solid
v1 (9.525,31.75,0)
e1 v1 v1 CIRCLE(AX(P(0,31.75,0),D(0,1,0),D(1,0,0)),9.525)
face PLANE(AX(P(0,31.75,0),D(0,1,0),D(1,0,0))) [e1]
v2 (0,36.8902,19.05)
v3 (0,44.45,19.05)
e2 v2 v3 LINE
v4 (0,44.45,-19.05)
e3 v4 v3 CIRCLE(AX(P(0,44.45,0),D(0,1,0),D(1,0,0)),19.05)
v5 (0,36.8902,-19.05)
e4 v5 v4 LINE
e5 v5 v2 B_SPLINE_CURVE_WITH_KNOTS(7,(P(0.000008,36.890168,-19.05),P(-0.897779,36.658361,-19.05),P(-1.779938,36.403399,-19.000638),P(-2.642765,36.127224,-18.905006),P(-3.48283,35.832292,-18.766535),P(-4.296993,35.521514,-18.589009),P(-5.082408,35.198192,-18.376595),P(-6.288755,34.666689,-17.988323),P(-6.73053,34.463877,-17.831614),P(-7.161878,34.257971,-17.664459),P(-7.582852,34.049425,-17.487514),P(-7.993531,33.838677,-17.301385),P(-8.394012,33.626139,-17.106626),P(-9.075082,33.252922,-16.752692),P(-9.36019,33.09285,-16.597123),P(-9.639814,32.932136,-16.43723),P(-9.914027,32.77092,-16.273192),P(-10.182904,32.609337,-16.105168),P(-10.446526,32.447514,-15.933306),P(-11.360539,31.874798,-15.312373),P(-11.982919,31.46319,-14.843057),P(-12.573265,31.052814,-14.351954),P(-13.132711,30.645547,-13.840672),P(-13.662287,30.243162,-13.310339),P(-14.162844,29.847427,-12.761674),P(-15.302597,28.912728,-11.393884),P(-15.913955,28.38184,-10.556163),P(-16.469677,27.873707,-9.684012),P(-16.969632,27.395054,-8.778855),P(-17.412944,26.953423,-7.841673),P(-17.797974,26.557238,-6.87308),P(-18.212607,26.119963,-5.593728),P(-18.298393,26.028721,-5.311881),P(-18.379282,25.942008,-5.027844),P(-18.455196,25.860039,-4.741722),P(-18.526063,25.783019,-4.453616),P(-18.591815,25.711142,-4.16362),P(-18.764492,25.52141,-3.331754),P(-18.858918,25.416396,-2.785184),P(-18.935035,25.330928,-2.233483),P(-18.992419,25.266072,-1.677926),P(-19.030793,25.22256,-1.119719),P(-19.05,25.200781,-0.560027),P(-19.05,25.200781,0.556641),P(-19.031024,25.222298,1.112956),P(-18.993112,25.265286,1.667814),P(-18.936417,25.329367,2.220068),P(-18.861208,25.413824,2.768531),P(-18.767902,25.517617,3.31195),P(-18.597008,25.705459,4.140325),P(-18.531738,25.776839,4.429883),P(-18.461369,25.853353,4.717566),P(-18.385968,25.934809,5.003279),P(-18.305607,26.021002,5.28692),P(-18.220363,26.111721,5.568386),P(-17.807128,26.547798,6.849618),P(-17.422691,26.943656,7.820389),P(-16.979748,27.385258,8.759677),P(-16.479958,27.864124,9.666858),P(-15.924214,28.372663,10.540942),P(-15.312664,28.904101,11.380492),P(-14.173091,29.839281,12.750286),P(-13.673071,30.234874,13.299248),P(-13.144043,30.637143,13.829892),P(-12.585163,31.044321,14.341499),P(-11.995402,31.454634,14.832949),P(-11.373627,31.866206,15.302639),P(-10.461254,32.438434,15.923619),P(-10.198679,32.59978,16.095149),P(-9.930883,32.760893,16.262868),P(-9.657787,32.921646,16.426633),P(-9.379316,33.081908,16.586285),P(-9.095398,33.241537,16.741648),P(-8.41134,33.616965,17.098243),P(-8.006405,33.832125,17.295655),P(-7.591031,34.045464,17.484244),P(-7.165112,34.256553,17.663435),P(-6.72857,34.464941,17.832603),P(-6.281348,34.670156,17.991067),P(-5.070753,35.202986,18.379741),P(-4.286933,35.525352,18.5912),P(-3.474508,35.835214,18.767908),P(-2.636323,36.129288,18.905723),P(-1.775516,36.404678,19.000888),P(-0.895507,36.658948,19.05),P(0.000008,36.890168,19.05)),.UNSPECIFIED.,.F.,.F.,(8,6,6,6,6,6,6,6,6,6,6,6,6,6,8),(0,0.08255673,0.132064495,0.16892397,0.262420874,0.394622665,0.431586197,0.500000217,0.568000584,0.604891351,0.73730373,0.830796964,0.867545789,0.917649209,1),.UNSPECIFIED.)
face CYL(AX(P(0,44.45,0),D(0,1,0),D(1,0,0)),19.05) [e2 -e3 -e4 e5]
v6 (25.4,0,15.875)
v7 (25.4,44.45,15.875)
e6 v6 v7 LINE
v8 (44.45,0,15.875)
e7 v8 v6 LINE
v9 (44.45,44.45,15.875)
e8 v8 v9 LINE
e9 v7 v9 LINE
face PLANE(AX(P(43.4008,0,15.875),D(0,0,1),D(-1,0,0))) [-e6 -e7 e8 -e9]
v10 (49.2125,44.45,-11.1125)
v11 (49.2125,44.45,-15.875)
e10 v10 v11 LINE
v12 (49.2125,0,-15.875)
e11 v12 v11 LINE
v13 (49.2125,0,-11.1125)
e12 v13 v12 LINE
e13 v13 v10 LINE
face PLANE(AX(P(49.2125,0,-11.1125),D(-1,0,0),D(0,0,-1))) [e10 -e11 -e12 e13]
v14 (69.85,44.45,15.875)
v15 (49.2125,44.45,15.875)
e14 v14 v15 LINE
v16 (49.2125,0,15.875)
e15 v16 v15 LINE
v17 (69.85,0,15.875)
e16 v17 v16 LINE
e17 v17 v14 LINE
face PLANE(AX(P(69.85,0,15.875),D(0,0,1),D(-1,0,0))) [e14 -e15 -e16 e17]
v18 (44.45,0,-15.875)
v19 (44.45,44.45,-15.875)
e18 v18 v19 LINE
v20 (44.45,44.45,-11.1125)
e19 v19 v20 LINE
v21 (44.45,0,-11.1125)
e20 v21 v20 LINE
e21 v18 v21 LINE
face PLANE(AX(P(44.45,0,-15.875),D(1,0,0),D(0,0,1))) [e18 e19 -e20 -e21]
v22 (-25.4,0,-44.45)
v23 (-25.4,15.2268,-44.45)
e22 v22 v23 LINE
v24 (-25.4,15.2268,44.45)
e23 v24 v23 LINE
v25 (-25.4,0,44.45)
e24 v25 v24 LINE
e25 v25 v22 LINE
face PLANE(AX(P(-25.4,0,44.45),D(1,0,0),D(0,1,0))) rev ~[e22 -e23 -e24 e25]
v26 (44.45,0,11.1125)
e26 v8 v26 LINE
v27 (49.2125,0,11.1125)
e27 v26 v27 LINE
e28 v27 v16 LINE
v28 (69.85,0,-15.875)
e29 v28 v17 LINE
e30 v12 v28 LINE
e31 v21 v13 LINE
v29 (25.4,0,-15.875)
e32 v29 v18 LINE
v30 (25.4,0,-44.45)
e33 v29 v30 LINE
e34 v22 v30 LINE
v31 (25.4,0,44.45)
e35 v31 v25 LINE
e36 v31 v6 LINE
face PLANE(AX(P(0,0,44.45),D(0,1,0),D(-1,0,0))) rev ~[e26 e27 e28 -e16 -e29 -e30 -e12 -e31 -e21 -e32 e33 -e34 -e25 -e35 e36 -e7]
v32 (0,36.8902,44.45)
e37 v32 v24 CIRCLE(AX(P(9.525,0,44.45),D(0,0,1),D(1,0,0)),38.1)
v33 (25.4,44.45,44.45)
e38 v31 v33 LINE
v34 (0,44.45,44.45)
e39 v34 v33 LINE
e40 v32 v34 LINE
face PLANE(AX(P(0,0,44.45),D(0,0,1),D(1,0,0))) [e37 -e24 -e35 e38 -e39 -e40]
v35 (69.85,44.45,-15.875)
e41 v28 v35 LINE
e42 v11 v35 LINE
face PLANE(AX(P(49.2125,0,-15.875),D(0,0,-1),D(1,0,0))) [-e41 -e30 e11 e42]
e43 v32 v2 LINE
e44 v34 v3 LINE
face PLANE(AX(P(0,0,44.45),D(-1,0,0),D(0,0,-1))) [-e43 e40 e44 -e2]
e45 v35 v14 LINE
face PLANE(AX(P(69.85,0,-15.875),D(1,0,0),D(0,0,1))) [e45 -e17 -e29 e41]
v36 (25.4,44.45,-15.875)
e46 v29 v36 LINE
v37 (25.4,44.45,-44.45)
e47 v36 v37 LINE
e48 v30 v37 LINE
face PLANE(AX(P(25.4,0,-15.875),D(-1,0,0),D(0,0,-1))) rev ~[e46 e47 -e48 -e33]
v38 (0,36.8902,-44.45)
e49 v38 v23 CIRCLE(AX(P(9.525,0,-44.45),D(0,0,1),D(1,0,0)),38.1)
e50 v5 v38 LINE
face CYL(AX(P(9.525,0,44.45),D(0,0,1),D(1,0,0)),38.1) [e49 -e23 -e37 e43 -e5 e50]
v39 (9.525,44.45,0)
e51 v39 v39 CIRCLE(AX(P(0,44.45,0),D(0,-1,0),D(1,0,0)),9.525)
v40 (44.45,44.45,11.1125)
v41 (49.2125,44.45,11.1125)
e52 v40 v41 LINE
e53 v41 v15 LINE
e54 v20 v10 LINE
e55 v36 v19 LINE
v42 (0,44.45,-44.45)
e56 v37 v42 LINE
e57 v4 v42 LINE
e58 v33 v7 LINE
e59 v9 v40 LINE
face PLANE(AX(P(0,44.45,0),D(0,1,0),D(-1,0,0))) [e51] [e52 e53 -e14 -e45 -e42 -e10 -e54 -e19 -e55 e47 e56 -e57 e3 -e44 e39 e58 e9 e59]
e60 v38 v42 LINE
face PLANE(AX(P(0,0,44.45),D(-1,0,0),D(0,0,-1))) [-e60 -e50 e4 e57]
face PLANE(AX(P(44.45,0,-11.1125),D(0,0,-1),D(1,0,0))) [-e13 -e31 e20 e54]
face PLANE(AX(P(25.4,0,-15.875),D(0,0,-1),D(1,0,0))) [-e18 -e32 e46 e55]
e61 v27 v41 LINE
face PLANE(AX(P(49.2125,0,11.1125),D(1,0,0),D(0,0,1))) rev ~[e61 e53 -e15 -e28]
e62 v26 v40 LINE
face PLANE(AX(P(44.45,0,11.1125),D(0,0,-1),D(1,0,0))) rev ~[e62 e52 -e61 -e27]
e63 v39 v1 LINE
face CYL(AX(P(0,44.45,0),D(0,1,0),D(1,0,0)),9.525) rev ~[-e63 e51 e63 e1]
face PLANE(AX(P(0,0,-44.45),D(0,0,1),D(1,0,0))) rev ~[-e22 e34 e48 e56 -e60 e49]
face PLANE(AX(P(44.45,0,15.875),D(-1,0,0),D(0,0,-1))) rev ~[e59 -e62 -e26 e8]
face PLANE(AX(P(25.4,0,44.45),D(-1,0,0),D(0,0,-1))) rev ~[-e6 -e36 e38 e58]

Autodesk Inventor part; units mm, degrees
ref_plane "YZ Plane" through (0, 0, 0) normal (1, 0, 0) x (0, 1, 0)
ref_plane "XZ Plane" through (0, 0, 0) normal (0, 1, 0) x (-1, 0, 0)
ref_plane "XY Plane" through (0, 0, 0) normal (0, 0, 1) x (1, 0, 0)
sketch "Boceto1" plane through (0, 0, 0) normal (0, 1, 0) x (-1, 0, 0)
  line L0 (25.4, 44.45) -> (-25.4, 44.45)
  line L1 (-25.4, 44.45) -> (-25.4, -44.45)
  line L2 (-25.4, -44.45) -> (25.4, -44.45)
  line L3 (25.4, -44.45) -> (25.4, 44.45)
  line L4 (25.4, 44.45) -> (-25.4, -44.45) construction
  line L5 (-25.4, 44.45) -> (25.4, -44.45) construction
  line L6 (-25.4, -15.875) -> (-69.85, -15.875)
  line L7 (-69.85, -15.875) -> (-69.85, 15.875)
  line L8 (-69.85, 15.875) -> (-25.4, 15.875)
  line L9 (-25.4, 15.875) -> (-25.4, -15.875)
  line L10 (-25.4, 44.45) -> (0, 44.45)
  line L11 (0, 44.45) -> (0, -44.45)
  line L12 (0, -44.45) -> (-25.4, -44.45)
  line L13 (-25.4, -44.45) -> (-25.4, 44.45)
  line L14 (-25.4, 15.875) -> (-43.4008, 15.875)
  line L15 (-25.4, 15.875) -> (-44.45, 15.875)
  line L16 (-44.45, 15.875) -> (-49.2125, 15.875)
  line L17 (-49.2125, 15.875) -> (-44.45, 15.875)
  line L18 (-44.45, 15.875) -> (-44.45, 11.1125)
  line L19 (-44.45, 11.1125) -> (-49.2125, 11.1125)
  line L20 (-49.2125, 11.1125) -> (-49.2125, 15.875)
  line L21 (-49.2125, -15.875) -> (-44.45, -15.875)
  line L22 (-44.45, -15.875) -> (-44.45, -11.1125)
  line L23 (-44.45, -11.1125) -> (-49.2125, -11.1125)
  line L24 (-49.2125, -11.1125) -> (-49.2125, -15.875)
  point P0 (0, 0)
  dimension "d0" = 28.575
  dimension "d1" = 28.575
  dimension "d2" = 31.75
  dimension "d3" = 50.8
  dimension "d4" = 44.45
  dimension "d5" = 19.05
  dimension "d6" = 4.7625
  dimension "d7" = 4.7625
  dimension "d8" = 4.7625
  dimension "d9" = 4.7625
  dimension "d10" = 19.05
extrude "Extrusión1" add sketch "Boceto1" along normal blind 44.45 contours L11 L2 L1 L0 | L1 L6 L22 L23 L24 L7 L8 L20 L19 L18
sketch "Boceto2" plane through (0, 0, 44.45) normal (0, 0, 1) x (1, 0, 0)
  line L0 (0, 0) -> (25.4, 0) projected
  line L1 (25.4, 0) -> (9.525, 0)
  circle A0 centre (9.525, 0) radius 38.1
  line L2 (25.4, 0) -> (-25.4, 0)
  line L3 (-25.4, 0) -> (-25.4, 15.2268)
  line L4 (0, 0) -> (0, 36.8902)
  dimension "d13" = 15.875
  dimension "d14" = 76.2
  dimension "d15" = 50.8
extrude "Extrusión2" add sketch "Boceto2" against normal blind 88.9 contours L4 L2 L3 A0 picked at (-16.9333, 5.0756)
sketch "Boceto3" plane through (0, 44.45, 0) normal (0, 1, 0) x (1, 0, 0)
  circle A0 centre (0, 0) radius 19.05
  circle A1 centre (0, 0) radius 9.525
  dimension "d18" = 38.1
  dimension "d19" = 19.05
extrude "Extrusión3" add sketch "Boceto3" against normal blind 25.4
sketch "Boceto4" plane through (0, 44.45, 0) normal (0, 1, 0) x (1, 0, 0)
  circle A0 centre (0, 0) radius 9.525
  dimension "d22" = 19.05
extrude "Extrusión4" cut sketch "Boceto4" against normal blind 12.7
properties part number "Pieza6-Tarea1"
